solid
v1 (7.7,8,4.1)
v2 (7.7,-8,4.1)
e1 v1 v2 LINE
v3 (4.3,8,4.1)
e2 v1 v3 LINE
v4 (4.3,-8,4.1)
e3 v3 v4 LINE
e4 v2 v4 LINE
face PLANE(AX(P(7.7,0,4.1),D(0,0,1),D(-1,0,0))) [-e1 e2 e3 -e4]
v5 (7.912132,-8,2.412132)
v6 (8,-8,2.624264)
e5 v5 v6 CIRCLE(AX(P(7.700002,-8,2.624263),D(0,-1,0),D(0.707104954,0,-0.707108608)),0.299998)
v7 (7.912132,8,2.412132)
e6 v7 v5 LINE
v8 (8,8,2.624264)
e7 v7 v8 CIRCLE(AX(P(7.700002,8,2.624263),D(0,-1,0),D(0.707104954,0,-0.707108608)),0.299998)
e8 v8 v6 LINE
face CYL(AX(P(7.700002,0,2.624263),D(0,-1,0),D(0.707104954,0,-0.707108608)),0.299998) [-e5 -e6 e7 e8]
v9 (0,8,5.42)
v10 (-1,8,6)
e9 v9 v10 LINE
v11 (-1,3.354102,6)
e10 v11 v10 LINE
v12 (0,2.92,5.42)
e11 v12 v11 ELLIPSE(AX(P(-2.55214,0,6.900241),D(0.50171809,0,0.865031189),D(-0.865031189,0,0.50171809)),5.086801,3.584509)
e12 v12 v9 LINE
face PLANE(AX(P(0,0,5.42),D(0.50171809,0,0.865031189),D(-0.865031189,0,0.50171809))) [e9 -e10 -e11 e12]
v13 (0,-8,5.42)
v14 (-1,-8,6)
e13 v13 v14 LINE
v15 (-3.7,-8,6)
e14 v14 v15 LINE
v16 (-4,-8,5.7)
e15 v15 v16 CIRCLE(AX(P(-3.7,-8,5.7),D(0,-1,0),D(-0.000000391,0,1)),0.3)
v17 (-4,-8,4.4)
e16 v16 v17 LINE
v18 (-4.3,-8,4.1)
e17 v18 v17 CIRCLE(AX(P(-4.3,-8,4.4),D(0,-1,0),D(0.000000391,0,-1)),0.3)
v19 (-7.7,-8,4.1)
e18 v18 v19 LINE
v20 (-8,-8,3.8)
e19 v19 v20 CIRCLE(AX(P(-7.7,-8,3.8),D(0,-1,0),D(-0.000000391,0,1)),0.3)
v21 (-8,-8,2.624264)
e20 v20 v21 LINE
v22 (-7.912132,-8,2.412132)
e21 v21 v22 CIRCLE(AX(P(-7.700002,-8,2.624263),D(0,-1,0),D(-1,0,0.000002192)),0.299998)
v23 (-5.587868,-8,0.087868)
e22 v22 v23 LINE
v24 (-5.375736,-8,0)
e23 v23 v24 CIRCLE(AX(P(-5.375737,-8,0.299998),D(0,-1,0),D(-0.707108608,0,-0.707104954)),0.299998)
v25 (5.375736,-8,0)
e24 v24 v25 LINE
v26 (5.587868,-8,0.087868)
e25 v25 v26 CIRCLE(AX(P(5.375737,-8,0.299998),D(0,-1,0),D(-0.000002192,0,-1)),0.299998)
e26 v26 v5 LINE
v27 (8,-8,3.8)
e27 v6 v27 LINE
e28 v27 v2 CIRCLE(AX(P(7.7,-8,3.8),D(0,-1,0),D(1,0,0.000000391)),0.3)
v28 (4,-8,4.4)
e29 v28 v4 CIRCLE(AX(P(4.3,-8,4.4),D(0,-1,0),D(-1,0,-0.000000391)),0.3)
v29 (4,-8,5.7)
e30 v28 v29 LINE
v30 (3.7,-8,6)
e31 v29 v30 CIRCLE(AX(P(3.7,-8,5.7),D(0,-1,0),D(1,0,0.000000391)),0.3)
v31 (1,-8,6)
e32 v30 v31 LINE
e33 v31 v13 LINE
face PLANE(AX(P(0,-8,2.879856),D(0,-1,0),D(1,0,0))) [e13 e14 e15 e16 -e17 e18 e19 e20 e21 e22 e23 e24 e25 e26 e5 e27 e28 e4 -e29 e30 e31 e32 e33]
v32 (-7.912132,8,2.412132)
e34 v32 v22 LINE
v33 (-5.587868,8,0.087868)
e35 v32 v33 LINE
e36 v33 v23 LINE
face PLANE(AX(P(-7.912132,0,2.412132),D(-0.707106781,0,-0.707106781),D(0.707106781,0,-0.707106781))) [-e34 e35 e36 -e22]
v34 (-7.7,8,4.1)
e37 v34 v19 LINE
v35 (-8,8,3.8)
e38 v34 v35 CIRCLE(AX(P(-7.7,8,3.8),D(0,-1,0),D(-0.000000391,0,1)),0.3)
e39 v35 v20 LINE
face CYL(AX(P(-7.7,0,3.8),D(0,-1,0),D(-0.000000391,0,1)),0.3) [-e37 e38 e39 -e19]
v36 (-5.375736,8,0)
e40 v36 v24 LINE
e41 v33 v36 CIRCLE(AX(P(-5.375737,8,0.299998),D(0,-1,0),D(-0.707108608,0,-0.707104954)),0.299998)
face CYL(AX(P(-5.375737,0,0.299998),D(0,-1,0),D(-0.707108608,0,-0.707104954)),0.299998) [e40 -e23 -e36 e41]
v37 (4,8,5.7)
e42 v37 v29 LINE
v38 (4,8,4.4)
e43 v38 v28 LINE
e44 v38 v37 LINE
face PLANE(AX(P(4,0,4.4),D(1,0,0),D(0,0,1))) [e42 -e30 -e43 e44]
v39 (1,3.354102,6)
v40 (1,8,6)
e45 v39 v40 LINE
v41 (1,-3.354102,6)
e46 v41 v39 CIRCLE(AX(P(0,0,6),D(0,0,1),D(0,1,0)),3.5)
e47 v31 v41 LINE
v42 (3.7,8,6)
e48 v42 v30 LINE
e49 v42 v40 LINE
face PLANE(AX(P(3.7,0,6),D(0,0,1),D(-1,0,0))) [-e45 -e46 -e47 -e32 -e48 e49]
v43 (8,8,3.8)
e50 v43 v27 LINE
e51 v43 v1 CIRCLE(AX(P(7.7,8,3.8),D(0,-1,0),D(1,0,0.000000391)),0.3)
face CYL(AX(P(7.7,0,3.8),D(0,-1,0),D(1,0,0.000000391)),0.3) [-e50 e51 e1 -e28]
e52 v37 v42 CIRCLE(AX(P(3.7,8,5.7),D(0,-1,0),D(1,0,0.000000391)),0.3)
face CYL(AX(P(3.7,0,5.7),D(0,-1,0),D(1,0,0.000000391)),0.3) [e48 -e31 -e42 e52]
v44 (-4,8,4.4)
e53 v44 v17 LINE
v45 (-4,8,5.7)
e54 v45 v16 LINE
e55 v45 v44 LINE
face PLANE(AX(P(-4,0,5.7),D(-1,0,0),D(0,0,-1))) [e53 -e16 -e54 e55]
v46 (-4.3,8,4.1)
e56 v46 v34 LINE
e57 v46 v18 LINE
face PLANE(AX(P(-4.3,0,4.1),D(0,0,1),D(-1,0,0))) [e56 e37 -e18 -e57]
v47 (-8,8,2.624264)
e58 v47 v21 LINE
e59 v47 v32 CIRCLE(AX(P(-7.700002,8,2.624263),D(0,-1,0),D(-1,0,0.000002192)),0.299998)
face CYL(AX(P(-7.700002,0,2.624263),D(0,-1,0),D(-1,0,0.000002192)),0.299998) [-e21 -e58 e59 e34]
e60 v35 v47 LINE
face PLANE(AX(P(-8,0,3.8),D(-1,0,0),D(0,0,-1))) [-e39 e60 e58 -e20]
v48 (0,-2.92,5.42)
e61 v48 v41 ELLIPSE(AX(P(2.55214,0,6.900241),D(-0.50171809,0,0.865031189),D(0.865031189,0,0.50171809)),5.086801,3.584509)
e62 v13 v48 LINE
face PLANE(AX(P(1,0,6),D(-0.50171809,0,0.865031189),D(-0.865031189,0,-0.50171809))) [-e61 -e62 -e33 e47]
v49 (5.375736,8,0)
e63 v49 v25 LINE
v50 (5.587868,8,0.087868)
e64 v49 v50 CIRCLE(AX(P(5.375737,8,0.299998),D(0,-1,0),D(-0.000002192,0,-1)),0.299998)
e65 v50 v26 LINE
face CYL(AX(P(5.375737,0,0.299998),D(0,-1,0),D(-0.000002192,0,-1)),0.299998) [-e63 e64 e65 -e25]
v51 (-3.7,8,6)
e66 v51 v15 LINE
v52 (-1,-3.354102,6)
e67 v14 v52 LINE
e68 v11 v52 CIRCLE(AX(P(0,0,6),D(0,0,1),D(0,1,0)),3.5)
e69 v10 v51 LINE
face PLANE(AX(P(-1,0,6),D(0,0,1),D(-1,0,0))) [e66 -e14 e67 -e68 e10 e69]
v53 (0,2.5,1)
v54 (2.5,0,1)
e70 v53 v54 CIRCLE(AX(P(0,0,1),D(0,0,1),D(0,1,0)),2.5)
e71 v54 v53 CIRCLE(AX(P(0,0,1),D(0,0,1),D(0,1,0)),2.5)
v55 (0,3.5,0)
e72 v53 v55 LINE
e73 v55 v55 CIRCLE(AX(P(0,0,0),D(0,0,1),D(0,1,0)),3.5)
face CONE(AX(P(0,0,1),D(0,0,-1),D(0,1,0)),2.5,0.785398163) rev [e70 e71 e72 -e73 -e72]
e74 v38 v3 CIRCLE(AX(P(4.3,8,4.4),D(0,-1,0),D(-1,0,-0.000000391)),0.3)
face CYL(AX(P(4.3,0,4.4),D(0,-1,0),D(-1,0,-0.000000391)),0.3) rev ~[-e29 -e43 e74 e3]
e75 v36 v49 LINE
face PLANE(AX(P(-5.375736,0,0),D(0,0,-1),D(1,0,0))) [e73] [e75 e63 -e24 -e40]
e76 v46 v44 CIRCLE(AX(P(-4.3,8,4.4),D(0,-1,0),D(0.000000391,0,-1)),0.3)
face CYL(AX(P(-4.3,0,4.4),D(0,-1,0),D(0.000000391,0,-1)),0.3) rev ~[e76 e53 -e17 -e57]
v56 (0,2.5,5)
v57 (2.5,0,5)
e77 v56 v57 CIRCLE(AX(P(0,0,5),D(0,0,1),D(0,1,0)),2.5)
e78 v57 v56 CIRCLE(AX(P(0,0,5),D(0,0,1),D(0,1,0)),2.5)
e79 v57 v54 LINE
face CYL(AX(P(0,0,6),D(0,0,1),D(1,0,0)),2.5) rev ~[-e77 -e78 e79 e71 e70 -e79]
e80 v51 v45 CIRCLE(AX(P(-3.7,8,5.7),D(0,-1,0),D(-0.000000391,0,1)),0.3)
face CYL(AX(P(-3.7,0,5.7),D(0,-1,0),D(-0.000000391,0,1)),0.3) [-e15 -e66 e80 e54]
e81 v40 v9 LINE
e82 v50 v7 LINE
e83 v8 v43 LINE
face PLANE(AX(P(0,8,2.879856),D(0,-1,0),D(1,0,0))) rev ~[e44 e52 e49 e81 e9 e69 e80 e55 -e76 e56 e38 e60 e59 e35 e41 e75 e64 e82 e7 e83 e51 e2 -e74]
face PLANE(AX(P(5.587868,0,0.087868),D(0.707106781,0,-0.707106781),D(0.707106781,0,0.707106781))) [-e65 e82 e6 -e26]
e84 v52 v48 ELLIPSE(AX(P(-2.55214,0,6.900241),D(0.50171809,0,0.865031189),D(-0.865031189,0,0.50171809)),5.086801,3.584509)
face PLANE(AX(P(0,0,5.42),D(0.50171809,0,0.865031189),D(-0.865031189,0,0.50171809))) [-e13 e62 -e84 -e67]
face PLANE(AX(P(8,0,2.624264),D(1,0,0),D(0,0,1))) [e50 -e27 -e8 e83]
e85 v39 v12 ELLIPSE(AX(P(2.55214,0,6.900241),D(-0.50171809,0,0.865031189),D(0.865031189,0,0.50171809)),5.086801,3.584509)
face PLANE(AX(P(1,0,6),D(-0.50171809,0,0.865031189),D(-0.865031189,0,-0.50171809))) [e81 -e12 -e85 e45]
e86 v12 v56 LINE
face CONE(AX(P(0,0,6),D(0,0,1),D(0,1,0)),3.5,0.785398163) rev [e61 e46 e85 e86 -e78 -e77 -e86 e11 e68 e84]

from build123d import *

# Parameters (mm, degrees)
PAD_DEPTH   = 8
SKETCH001_R = 2.5
HOLE_DEPTH  = 6.001


with BuildPart() as part:
    # Sketch → Pad (new body, symmetric)
    with BuildSketch(Plane.XZ):
        with BuildLine():
            Line((-1, 6), (-3.7, 6))
            ThreePointArc((-3.7, 6), (-3.912132, 5.912132), (-4, 5.7))
            Line((-4, 5.7), (-4, 4.4))
            ThreePointArc((-4.3, 4.1), (-4.087868, 4.187868), (-4, 4.4))
            Line((-4.3, 4.1), (-7.7, 4.1))
            ThreePointArc((-7.7, 4.1), (-7.912132, 4.012132), (-8, 3.8))
            Line((-8, 3.8), (-8, 2.624264))
            ThreePointArc((-8, 2.624264), (-7.977164, 2.509459), (-7.912132, 2.412132))
            Line((-7.912132, 2.412132), (-5.587868, 0.087868))
            ThreePointArc((-5.587868, 0.087868), (-5.490541, 0.022836), (-5.375736, 0))
            Line((-5.375736, 0), (5.375736, 0))
            ThreePointArc((5.375736, 0), (5.490541, 0.022836), (5.587868, 0.087868))
            Line((5.587868, 0.087868), (7.912132, 2.412132))
            ThreePointArc((7.912132, 2.412132), (7.977164, 2.509459), (8, 2.624264))
            Line((8, 2.624264), (8, 3.8))
            ThreePointArc((8, 3.8), (7.912132, 4.012132), (7.7, 4.1))
            Line((7.7, 4.1), (4.3, 4.1))
            ThreePointArc((4, 4.4), (4.087868, 4.187868), (4.3, 4.1))
            Line((4, 4.4), (4, 5.7))
            ThreePointArc((4, 5.7), (3.912132, 5.912132), (3.7, 6))
            Line((3.7, 6), (1, 6))
            Line((1, 6), (0, 5.42))
            Line((0, 5.42), (-1, 6))
        make_face()
    extrude(amount=PAD_DEPTH, both=True)

    # Sketch001 → Hole (cut, through all)
    with BuildSketch(Plane.XY.offset(6)):
        Circle(SKETCH001_R)
    extrude(amount=-HOLE_DEPTH, mode=Mode.SUBTRACT)

    # Sketch002 → Groove (revolve, cut)
    with BuildSketch(Plane.YZ):
        Polygon((2.5, 6), (3.5, 6), (2.5, 5), align=None)
        Polygon((2.5, 0), (2.5, 1), (3.5, 0), align=None)
    revolve(axis=Axis((0, 0, 0), (0, 0, 1)), mode=Mode.SUBTRACT)


solid = part.part
